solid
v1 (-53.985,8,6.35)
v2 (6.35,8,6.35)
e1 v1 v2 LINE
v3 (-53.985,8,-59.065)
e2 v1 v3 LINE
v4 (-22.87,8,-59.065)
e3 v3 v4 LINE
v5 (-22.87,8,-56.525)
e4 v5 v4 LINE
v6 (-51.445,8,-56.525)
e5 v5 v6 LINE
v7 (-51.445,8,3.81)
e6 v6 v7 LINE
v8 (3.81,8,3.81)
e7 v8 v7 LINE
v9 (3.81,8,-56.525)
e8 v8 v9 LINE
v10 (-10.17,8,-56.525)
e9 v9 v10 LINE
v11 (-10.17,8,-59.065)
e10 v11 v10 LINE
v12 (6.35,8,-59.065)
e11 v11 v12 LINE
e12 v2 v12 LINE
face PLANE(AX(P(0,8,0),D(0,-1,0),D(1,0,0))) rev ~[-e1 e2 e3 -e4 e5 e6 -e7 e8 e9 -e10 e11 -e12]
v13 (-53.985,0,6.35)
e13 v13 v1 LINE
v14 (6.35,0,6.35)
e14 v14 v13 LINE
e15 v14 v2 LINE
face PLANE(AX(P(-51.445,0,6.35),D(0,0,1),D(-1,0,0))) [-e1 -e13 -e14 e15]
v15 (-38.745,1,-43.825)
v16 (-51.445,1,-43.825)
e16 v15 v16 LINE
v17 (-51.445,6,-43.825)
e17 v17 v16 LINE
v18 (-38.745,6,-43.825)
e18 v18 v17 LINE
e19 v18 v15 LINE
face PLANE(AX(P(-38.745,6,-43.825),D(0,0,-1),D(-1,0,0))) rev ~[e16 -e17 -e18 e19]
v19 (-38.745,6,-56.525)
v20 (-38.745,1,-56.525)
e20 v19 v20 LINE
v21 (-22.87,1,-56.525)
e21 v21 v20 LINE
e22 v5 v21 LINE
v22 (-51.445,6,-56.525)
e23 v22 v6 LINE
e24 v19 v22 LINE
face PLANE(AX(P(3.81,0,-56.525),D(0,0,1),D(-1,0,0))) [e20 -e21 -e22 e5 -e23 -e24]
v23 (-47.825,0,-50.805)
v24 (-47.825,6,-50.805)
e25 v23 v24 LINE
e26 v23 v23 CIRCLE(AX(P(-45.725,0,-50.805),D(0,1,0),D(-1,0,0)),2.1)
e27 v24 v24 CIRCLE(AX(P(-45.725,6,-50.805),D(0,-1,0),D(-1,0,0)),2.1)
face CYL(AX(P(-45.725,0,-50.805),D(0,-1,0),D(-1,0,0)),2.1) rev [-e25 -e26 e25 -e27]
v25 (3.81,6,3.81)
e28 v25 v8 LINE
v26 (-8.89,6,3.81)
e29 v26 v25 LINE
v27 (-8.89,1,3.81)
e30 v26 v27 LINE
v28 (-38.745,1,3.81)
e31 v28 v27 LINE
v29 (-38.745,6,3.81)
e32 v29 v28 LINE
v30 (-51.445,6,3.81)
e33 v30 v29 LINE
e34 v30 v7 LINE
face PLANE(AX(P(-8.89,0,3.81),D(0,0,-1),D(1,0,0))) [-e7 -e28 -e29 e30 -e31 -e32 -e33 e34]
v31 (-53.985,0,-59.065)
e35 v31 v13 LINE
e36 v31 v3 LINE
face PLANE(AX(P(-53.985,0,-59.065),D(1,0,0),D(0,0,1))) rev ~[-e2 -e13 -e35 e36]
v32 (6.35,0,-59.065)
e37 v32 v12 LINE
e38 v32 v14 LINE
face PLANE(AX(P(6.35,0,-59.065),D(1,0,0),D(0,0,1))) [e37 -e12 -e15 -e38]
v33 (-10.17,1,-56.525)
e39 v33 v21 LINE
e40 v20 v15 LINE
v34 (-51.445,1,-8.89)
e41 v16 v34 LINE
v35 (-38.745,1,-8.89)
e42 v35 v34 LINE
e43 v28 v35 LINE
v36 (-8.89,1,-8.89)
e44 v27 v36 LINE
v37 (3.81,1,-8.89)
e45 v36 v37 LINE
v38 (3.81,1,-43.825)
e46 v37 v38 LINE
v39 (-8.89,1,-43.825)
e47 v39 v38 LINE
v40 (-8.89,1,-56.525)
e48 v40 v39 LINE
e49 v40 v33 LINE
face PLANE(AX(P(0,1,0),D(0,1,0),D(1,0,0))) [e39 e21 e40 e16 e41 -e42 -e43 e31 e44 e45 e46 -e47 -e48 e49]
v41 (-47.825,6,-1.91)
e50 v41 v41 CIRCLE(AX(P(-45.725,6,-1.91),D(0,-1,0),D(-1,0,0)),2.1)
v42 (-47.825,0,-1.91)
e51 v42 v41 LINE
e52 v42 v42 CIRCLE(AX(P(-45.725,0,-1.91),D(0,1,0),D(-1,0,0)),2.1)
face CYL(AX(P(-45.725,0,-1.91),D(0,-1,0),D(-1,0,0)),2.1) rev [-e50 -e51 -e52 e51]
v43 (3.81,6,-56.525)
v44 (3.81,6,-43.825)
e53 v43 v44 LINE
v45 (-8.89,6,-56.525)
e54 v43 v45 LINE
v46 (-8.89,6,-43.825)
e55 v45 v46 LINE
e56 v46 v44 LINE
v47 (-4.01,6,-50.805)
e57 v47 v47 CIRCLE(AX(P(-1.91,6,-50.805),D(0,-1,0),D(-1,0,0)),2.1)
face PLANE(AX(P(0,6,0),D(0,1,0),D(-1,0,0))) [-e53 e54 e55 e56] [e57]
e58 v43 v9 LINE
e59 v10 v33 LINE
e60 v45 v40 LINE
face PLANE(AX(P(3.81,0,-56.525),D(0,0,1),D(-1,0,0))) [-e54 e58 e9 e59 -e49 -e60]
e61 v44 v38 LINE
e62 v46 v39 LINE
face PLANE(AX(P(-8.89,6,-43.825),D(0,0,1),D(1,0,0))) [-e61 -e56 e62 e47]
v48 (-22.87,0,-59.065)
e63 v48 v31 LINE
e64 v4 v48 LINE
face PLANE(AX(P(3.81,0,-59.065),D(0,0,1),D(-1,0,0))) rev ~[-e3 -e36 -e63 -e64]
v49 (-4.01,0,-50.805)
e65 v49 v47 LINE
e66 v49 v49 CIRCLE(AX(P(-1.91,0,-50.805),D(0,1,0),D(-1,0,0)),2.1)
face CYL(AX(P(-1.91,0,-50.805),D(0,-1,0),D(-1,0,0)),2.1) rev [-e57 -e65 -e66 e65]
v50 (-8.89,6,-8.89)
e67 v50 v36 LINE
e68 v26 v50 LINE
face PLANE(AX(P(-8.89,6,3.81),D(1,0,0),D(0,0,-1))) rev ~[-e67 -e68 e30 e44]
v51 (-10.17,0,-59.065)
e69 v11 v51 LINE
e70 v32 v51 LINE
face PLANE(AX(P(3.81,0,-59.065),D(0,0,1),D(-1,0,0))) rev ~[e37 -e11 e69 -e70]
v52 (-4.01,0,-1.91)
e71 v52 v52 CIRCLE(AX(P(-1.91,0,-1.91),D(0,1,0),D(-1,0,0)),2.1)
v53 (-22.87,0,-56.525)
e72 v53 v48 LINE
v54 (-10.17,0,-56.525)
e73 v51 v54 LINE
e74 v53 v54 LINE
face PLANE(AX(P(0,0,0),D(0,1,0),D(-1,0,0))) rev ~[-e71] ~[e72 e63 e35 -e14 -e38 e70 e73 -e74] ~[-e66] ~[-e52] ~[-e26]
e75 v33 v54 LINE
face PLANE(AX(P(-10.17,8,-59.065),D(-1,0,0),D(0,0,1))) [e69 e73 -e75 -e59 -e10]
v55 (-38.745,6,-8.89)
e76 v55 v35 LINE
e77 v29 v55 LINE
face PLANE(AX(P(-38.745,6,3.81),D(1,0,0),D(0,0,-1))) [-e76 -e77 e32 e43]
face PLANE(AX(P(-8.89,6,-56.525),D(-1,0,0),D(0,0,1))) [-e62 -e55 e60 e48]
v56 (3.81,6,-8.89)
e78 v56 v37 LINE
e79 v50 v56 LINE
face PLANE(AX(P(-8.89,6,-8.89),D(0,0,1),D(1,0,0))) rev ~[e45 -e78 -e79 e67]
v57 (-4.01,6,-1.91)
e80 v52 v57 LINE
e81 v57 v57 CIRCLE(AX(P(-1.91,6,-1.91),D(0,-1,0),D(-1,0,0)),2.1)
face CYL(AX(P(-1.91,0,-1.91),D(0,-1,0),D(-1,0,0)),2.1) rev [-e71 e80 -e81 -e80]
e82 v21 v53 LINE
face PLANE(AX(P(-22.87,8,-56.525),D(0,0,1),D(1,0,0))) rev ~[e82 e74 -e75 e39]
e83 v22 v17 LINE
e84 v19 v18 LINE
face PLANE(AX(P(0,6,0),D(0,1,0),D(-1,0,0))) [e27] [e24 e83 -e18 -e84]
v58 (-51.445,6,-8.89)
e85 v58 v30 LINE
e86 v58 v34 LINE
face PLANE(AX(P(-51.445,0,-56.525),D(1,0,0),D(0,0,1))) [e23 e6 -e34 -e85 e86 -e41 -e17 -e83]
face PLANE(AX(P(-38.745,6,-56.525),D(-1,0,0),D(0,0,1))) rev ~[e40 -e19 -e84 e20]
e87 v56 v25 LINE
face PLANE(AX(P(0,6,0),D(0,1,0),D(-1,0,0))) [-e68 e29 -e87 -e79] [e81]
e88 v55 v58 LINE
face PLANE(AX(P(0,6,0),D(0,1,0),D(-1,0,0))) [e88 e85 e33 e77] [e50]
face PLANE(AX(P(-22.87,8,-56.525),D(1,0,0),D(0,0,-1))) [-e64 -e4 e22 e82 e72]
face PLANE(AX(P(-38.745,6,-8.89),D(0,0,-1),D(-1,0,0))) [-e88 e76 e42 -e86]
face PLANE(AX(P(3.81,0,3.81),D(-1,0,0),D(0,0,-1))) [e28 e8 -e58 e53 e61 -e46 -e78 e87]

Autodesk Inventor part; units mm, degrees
ref_plane "YZ Plane" through (0, 0, 0) normal (1, 0, 0) x (0, 1, 0)
ref_plane "XZ Plane" through (0, 0, 0) normal (0, 1, 0) x (-1, 0, 0)
ref_plane "XY Plane" through (0, 0, 0) normal (0, 0, 1) x (1, 0, 0)
sketch "Sketch1" plane through (0, 0, 0) normal (0, 1, 0) x (-1, 0, 0)
  line L0 (0, 0) -> (47.635, 0)
  line L1 (47.635, 0) -> (47.635, -52.715)
  line L2 (47.635, -52.715) -> (0, -52.715)
  line L3 (0, -52.715) -> (0, 0)
  circle A0 centre (45.725, -1.91) radius 2.1
  circle A1 centre (45.725, -50.805) radius 2.1
  circle A2 centre (1.91, -1.91) radius 2.1
  circle A3 centre (1.91, -50.805) radius 2.1
  line L4 (47.635, 0) -> (51.445, 0)
  line L5 (51.445, 0) -> (51.445, -52.715)
  line L6 (51.445, -52.715) -> (47.635, -52.715)
  line L7 (47.635, -52.715) -> (47.635, 0)
  line L8 (0, 0) -> (-3.81, 0)
  line L9 (-3.81, 0) -> (-3.81, -56.525)
  line L10 (-3.81, -56.525) -> (0, -56.525)
  line L11 (0, -56.525) -> (0, 0)
  line L12 (51.445, -52.715) -> (-6.35, -52.715)
  line L13 (-6.35, -52.715) -> (-6.35, -56.525)
  line L14 (-6.35, -56.525) -> (51.445, -56.525)
  line L15 (51.445, -56.525) -> (51.445, -52.715)
  line L16 (-3.81, 0) -> (51.445, 0)
  line L17 (51.445, 0) -> (51.445, 3.81)
  line L18 (51.445, 3.81) -> (-3.81, 3.81)
  line L19 (-3.81, 3.81) -> (-3.81, 0)
  point P0 (0, -52.715)
  point P1 (0, -51.6779)
  point P2 (0, -49.9321)
  point P3 (0, -2.7829)
  point P4 (0, -1.0371)
  point P5 (-3.81, -77.675)
  point P6 (-3.81, -52.715)
  point P7 (0, -52.715)
  point P8 (1.0371, -52.715)
  point P9 (2.7829, -52.715)
  point P10 (0, -52.715)
  point P11 (0, -56.525)
  point P12 (0, -56.525)
  dimension "d0" = 52.715
  dimension "d1" = 47.635
  dimension "d3" = 4.2
  dimension "d4" = 4.2
  dimension "d6" = 1.91
  dimension "d7" = 1.91
  dimension "d8" = 1.91
  dimension "d9" = 4.2
  dimension "d10" = 4.2
  dimension "d11" = 1.91
  dimension "d12" = 1.91
  dimension "d13" = 1.91
  dimension "d14" = 1.91
  dimension "d15" = 1.91
  dimension "d18" = 3.81
  dimension "d19" = 3.81
  dimension "d20" = 3.81
  dimension "d21" = 3.81
  dimension "d38" = 0
  dimension "d39" = 0
extrude "Extrusion5" add sketch "Sketch1" along normal blind 6 contours L8 L19 L18 L17 L4 L0 A0 A2 | L0 A2 L3 | L3 A2 A3 L12 L9 L8 | L0 A0 L1 A1 L2 A3 L3 A2 | L12 L11 L10 L9 | L3 A3 L2 | L2 A3 A1 L6 L15 L14 L11 | L0 L1 A0 | A0 L1 L4 L5 L6 A1 | L1 L2 A1 picked at (0.2904, -0.2904) picked at (0.2904, -52.4246) picked at (47.3446, -0.2904) picked at (47.3446, -52.4246)
sketch "Sketch6" plane through (0, 6, 0) normal (0, 1, 0) x (1, 0, 0)
  line L0 (-51.445, -3.81) -> (3.81, -3.81) projected
  line L1 (-51.445, -3.81) -> (-38.745, -3.81)
  line L2 (-38.745, -3.81) -> (-38.745, 8.89)
  line L3 (-38.745, 8.89) -> (-51.445, 8.89)
  line L4 (-51.445, 8.89) -> (-51.445, -3.81)
  line L5 (3.81, 56.525) -> (-51.445, 56.525) projected
  line L6 (-51.445, 56.525) -> (-38.745, 56.525)
  line L7 (-38.745, 56.525) -> (-38.745, 43.825)
  line L8 (-38.745, 43.825) -> (-51.445, 43.825)
  line L9 (-51.445, 43.825) -> (-51.445, 56.525)
  line L10 (3.81, -3.81) -> (3.81, 56.525) projected
  line L11 (3.81, 56.525) -> (-8.89, 56.525)
  line L12 (-8.89, 56.525) -> (-8.89, 43.825)
  line L13 (-8.89, 43.825) -> (3.81, 43.825)
  line L14 (3.81, 43.825) -> (3.81, 56.525)
  line L15 (3.81, -3.81) -> (-8.89, -3.81)
  line L16 (-8.89, -3.81) -> (-8.89, 8.89)
  line L17 (-8.89, 8.89) -> (3.81, 8.89)
  line L18 (3.81, 8.89) -> (3.81, -3.81)
  line L19 (3.81, 56.525) -> (-51.445, 56.525) projected
  line L20 (-51.445, 56.525) -> (-51.445, -3.81) projected
  line L21 (-51.445, -3.81) -> (3.81, -3.81) projected
  line L22 (3.81, -3.81) -> (3.81, 56.525) projected
  circle A0 centre (-1.91, 1.91) radius 2.1 projected
  circle A1 centre (-45.725, 1.91) radius 2.1 projected
  circle A2 centre (-45.725, 50.805) radius 2.1 projected
  circle A3 centre (-1.91, 50.805) radius 2.1 projected
  point P0 (0, 0)
  point P1 (3.81, 8.89)
  dimension "d42" = 12.7
  dimension "d43" = 12.7
  dimension "d44" = 12.7
  dimension "d45" = 12.7
  dimension "d46" = 12.7
  dimension "d47" = 12.7
extrude "Extrusion6" cut sketch "Sketch6" against normal blind 5 contours L2 L3 L20 L8 L7 L5 L12 L13 L10 L17 L16 L0
sketch "Sketch7" plane through (0, 0, 0) normal (0, -1, 0) x (1, 0, 0)
  line L0 (3.81, -56.525) -> (-51.445, -56.525) projected
  line L1 (3.81, 3.81) -> (3.81, -56.525) projected
  line L2 (-51.445, 3.81) -> (3.81, 3.81) projected
  line L3 (-51.445, -56.525) -> (-51.445, 3.81) projected
  circle A0 centre (-1.91, -1.91) radius 2.1 projected
  circle A1 centre (-45.725, -1.91) radius 2.1 projected
  circle A2 centre (-45.725, -50.805) radius 2.1 projected
  circle A3 centre (-1.91, -50.805) radius 2.1 projected
  line L4 (-8.89, 3.81) -> (3.81, 3.81) projected
  line L5 (3.81, 3.81) -> (-51.445, 3.81)
  line L6 (-51.445, 3.81) -> (-51.445, 6.35)
  line L7 (-51.445, 6.35) -> (3.81, 6.35)
  line L8 (3.81, 6.35) -> (3.81, 3.81)
  line L9 (-51.445, 6.35) -> (-53.985, 6.35)
  line L10 (-53.985, 6.35) -> (-53.985, -56.525)
  line L11 (-53.985, -56.525) -> (-51.445, -56.525)
  line L12 (-51.445, -56.525) -> (-51.445, 6.35)
  line L13 (-53.985, -56.525) -> (3.81, -56.525)
  line L14 (3.81, -56.525) -> (3.81, -59.065)
  line L15 (3.81, -59.065) -> (-53.985, -59.065)
  line L16 (-53.985, -59.065) -> (-53.985, -56.525)
  line L17 (3.81, -59.065) -> (6.35, -59.065)
  line L18 (6.35, -59.065) -> (6.35, 5.08)
  line L19 (6.35, 5.08) -> (3.81, 5.08)
  line L20 (3.81, 5.08) -> (3.81, -59.065)
  line L21 (6.35, 5.08) -> (3.81, 5.08)
  line L22 (3.81, 5.08) -> (3.81, 6.35)
  line L23 (3.81, 6.35) -> (6.35, 6.35)
  line L24 (6.35, 6.35) -> (6.35, 5.08)
  point P0 (0, 0)
  dimension "d50" = 2.54
  dimension "d51" = 2.54
  dimension "d52" = 2.54
  dimension "d53" = 2.54
extrude "Extrusion7" add sketch "Sketch7" against normal blind 8 contours L14 L15 L16 L11 L0 | L1 L8 L19 L18 L17 L14 | L11 L10 L9 L6 L3 | L2 L6 L7 L8 | L8 L23 L24 L19
sketch "Sketch8" plane through (0, 8, 0) normal (0, 1, 0) x (1, 0, 0)
  line L0 (-53.985, -6.35) -> (6.35, -6.35) projected
  line L1 (6.35, -6.35) -> (6.35, 59.065) projected
  line L2 (6.35, 59.065) -> (-53.985, 59.065) projected
  line L3 (-53.985, 59.065) -> (-53.985, -6.35) projected
  line L4 (3.81, 56.525) -> (3.81, -3.81) projected
  line L5 (3.81, -3.81) -> (-51.445, -3.81) projected
  line L6 (-51.445, -3.81) -> (-51.445, 56.525) projected
  line L7 (-51.445, 56.525) -> (3.81, 56.525) projected
  circle A0 centre (-1.91, 50.805) radius 2.1 projected
  line L8 (-1.91, 50.805) -> (-10.17, 50.805)
  line L9 (-10.17, 50.805) -> (-10.17, 48.127)
  line L10 (-10.17, 48.127) -> (-1.91, 48.127)
  line L11 (-1.91, 48.127) -> (-1.91, 50.805)
  line L12 (6.35, 59.065) -> (-53.985, 59.065) projected
  line L13 (-10.17, 48.127) -> (-22.87, 48.127)
  line L14 (-22.87, 48.127) -> (-22.87, 59.065)
  line L15 (-22.87, 59.065) -> (-10.17, 59.065)
  line L16 (-10.17, 59.065) -> (-10.17, 48.127)
  point P0 (0, 0)
  point P1 (-10.17, 56.525)
  point P2 (-22.87, 56.525)
  dimension "d56" = 8.26
  dimension "d57" = 12.7
extrude "Extrusion8" cut sketch "Sketch8" against normal blind 8 contours L2 L16 L7 L14
properties part number "PCB_REMOTE_Holder_"
